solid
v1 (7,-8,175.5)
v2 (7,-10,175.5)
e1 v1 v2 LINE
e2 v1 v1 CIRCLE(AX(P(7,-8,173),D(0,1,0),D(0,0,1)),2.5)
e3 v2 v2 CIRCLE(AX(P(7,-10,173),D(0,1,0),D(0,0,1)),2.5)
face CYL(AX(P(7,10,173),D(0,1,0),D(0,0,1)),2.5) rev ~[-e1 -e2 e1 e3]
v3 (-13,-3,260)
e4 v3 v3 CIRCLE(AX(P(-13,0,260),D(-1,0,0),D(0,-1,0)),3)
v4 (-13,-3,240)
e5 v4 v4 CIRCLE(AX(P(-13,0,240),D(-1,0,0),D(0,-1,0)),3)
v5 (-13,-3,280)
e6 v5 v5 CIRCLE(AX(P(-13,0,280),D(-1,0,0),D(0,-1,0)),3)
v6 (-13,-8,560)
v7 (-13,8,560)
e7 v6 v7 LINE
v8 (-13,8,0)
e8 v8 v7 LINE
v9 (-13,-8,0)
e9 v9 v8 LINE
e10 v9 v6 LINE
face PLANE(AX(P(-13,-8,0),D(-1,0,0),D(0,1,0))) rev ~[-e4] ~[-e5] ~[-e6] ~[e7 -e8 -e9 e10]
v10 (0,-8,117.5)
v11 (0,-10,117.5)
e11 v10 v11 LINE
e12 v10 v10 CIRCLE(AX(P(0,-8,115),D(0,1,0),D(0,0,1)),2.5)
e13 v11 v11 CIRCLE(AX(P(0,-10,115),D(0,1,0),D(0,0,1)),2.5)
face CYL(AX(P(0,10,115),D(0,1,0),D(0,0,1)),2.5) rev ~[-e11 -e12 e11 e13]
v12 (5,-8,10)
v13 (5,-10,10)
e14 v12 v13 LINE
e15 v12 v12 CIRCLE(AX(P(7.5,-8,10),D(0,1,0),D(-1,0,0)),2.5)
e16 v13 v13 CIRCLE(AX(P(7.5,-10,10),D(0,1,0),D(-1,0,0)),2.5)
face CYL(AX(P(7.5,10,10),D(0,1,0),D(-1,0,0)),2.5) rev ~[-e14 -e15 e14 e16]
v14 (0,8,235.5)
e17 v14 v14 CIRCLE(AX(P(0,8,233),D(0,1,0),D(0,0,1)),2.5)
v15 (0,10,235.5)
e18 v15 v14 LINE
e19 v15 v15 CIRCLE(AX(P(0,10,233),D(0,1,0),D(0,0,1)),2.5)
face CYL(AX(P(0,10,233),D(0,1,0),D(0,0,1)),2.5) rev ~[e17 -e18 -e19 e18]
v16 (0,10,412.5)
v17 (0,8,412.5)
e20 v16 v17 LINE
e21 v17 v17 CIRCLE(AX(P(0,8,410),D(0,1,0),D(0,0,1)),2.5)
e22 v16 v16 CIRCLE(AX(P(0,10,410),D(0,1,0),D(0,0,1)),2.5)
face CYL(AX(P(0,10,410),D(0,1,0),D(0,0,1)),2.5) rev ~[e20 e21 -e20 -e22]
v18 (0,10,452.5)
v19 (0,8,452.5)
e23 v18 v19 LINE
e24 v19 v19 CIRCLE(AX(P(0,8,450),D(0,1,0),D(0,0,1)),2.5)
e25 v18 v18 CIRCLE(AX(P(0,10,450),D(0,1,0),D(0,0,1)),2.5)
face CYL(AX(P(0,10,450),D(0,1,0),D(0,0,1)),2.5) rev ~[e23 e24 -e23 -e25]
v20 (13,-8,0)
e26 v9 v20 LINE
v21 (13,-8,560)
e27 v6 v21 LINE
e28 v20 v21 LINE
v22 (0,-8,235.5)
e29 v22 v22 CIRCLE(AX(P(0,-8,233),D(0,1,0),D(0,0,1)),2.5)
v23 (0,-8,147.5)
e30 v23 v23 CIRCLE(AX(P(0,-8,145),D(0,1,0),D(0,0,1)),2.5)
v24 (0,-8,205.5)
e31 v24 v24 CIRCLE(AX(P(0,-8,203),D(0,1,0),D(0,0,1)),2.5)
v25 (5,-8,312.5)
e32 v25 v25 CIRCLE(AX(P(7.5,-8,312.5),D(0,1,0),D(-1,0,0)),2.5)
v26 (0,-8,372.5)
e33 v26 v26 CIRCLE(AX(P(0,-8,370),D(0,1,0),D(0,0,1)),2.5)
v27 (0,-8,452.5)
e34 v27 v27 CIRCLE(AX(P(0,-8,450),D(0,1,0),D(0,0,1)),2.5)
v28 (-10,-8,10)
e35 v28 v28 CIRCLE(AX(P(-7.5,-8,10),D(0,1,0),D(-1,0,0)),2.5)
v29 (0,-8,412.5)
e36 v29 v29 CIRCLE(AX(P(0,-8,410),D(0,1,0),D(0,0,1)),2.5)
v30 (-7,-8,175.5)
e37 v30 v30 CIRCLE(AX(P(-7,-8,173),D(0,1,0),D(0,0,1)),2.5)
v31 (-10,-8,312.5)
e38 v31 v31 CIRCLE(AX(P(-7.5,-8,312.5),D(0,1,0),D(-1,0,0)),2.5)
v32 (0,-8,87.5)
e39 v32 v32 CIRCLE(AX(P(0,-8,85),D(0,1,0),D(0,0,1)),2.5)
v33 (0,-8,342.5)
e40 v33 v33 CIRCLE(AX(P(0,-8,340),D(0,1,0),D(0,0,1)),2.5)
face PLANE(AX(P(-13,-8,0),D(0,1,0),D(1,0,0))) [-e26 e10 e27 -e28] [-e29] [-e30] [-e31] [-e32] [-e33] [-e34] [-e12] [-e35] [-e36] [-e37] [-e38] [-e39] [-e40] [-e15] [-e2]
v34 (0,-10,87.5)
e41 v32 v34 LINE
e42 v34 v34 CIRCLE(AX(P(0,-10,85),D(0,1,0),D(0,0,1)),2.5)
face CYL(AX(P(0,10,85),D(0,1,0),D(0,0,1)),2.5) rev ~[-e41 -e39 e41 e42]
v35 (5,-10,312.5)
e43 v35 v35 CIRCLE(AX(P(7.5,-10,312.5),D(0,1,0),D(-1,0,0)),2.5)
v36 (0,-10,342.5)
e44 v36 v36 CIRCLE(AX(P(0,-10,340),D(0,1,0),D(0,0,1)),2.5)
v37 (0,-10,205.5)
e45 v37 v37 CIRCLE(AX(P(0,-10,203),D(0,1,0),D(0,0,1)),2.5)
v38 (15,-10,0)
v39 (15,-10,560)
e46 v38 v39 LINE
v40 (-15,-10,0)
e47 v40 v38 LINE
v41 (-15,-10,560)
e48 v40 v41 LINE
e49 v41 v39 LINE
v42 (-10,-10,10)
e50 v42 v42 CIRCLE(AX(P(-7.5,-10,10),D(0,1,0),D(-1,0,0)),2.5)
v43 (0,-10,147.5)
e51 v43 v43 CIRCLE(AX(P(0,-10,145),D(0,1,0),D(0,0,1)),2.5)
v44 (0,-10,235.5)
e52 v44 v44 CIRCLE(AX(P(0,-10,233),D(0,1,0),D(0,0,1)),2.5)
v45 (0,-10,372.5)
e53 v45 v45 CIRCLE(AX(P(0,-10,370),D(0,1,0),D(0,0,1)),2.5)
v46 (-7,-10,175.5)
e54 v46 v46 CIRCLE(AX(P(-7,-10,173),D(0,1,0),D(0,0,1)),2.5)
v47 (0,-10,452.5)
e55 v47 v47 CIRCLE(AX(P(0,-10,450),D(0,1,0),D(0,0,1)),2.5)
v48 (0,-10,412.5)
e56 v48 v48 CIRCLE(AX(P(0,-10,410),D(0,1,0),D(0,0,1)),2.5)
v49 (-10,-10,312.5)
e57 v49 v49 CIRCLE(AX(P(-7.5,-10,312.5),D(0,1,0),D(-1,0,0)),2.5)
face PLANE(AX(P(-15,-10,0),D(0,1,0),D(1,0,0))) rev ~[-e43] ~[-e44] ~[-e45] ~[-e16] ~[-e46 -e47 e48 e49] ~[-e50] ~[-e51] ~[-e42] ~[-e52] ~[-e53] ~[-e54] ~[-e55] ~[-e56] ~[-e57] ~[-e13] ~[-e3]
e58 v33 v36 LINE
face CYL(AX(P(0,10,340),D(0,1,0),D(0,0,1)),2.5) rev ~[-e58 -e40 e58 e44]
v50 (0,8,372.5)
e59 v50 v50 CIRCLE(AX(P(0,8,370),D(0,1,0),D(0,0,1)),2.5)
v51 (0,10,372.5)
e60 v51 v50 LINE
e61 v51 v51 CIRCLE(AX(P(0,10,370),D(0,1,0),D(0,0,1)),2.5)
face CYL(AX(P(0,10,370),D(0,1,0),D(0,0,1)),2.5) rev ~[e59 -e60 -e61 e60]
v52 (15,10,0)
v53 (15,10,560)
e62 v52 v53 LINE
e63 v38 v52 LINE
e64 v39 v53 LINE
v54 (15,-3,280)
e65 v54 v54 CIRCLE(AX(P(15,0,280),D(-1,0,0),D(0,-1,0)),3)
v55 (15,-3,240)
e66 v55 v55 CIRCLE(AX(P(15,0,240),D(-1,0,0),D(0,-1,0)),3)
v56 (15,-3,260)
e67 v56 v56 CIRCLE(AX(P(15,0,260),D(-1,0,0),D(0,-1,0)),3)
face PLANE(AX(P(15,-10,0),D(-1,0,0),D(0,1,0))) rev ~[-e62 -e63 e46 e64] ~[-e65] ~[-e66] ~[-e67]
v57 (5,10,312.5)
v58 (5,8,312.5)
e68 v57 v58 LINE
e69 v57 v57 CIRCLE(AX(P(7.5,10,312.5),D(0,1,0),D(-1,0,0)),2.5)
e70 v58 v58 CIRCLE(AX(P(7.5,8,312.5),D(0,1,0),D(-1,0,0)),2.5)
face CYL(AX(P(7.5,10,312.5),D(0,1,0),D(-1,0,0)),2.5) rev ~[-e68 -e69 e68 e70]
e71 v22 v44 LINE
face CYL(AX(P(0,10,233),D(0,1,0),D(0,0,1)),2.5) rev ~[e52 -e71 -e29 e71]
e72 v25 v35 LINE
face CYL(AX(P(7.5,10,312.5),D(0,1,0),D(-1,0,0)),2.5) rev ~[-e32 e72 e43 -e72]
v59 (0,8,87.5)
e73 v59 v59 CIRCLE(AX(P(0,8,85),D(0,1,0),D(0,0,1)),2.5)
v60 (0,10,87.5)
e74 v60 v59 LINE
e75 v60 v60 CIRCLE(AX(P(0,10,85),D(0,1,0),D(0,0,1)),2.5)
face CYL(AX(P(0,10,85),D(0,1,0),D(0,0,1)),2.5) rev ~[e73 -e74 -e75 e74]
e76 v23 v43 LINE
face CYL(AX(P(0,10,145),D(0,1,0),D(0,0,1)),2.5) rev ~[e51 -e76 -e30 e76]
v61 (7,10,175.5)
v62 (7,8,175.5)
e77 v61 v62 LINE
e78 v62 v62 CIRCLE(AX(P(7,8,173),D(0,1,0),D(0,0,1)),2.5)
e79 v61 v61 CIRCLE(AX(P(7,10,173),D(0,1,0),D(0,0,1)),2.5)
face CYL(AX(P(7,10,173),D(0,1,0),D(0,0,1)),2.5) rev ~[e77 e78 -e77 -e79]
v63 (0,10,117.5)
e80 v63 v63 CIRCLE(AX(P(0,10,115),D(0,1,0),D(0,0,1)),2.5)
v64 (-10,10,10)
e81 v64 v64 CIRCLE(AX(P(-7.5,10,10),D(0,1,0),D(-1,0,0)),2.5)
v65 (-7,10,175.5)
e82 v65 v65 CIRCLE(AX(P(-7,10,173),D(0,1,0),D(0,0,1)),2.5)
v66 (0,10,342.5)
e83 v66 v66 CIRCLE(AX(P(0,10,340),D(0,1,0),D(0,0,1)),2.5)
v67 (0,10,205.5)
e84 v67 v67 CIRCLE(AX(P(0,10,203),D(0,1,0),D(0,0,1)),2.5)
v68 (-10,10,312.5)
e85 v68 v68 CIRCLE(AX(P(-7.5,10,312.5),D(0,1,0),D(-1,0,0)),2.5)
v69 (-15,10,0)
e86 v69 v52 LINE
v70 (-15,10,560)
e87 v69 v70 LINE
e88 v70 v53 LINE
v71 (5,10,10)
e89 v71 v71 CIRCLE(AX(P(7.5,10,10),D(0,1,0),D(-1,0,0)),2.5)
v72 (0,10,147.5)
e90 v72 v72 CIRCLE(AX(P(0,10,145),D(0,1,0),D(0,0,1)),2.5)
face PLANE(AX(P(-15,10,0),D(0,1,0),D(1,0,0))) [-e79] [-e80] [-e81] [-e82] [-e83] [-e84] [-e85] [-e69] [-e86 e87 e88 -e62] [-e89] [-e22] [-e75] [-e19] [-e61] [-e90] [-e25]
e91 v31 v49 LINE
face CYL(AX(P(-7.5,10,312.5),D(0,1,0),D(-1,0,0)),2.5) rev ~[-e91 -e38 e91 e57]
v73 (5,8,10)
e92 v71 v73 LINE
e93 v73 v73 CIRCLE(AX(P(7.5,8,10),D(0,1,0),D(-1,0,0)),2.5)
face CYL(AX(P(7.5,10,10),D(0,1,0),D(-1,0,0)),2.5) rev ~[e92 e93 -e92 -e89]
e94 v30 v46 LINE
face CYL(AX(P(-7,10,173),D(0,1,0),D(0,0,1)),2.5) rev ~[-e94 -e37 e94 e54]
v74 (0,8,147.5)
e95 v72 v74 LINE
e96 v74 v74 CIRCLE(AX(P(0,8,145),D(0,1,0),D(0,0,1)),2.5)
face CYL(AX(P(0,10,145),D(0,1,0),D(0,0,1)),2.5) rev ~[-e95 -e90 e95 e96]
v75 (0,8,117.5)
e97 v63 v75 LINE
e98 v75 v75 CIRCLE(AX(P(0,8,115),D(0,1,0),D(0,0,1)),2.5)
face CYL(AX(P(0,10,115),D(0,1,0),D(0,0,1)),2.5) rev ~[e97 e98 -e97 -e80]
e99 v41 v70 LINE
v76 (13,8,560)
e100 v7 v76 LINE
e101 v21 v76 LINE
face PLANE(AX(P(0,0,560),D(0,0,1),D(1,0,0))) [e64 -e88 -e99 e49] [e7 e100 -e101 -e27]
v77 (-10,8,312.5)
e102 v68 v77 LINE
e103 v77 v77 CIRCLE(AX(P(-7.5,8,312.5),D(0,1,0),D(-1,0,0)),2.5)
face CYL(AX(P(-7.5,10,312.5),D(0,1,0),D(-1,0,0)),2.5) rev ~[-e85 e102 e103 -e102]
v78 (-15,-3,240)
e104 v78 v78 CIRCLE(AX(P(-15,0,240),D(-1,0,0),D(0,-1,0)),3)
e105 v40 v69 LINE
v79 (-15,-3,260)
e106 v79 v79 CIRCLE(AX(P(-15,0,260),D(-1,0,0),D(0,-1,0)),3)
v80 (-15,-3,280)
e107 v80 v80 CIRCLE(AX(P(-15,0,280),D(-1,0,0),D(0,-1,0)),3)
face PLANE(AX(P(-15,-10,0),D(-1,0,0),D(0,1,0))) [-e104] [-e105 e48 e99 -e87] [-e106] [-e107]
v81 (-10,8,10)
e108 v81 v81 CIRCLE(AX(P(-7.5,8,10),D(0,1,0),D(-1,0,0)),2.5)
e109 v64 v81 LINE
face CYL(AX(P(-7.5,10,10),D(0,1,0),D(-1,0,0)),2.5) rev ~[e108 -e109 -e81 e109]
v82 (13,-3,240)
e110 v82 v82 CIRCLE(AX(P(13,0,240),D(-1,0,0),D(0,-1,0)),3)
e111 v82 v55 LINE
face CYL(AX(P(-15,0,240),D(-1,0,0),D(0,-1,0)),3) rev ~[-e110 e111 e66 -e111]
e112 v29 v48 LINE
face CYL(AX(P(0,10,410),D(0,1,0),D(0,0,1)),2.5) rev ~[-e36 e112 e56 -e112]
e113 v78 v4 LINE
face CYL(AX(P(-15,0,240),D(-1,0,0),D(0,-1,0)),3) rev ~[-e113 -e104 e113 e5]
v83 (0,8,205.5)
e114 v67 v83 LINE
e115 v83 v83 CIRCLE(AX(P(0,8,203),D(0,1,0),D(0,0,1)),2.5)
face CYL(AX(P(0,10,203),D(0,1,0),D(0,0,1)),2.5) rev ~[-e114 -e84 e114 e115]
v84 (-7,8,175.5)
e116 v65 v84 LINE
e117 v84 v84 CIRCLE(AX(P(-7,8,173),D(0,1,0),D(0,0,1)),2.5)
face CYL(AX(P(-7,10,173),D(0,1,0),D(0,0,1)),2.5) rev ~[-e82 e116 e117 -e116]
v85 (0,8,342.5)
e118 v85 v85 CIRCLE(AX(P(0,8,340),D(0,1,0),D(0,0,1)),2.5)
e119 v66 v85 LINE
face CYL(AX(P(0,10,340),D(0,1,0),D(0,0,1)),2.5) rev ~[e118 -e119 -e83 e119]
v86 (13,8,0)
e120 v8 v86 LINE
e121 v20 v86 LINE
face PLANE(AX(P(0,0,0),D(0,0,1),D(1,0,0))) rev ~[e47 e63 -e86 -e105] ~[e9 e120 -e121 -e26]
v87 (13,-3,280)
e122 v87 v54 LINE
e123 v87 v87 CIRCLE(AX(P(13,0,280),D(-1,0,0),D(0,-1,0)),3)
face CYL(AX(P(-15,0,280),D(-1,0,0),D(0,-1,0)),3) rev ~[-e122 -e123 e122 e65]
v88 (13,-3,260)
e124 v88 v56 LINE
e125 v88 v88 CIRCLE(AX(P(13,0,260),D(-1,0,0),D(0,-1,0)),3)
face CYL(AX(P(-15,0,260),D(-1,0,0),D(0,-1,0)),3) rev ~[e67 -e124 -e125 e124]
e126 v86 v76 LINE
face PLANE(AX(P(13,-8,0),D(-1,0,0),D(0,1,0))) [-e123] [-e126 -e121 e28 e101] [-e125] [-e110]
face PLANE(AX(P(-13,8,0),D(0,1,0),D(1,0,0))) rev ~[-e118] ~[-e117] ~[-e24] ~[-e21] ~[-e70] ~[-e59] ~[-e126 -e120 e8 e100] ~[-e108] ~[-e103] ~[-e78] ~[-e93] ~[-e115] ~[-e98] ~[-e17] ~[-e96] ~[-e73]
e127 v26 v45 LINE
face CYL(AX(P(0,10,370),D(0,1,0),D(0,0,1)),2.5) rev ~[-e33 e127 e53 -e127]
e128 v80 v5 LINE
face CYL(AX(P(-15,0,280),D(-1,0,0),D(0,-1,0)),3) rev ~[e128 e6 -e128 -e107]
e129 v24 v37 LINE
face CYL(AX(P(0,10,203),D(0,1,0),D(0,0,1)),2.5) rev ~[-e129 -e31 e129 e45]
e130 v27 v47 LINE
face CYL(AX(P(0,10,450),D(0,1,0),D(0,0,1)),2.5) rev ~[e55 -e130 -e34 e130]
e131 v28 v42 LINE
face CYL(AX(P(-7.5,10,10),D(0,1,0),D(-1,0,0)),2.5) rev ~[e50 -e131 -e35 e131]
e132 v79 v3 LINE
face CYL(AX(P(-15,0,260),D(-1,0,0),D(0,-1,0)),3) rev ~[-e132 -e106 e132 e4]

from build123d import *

# Parameters (mm, degrees)
SKETCH_1_W          = 30
SKETCH_1_H          = 20
SKETCH_1_W_2        = 26
SKETCH_1_H_2        = 16
EXTRUDE_1_DEPTH     = 560
SKETCH_3_R          = 2.5
CUT_EXTRUDE_2_DEPTH = 561.557757952
SKETCH_4_R          = 2.5
CUT_EXTRUDE_3_DEPTH = 561.557757952
SKETCH_7_R          = 3
CUT_EXTRUDE_5_DEPTH = 30
SKETCH_8_R          = 2.5
CUT_EXTRUDE_6_DEPTH = 30
SKETCH_10_R         = 2.5
CUT_EXTRUDE_7_DEPTH = 30
SKETCH_11_R         = 2.5
CUT_EXTRUDE_8_DEPTH = 30


with BuildPart() as part:
    # 草图1 → 凸台-拉伸1 (new body)
    with BuildSketch(Plane.XY):
        Rectangle(SKETCH_1_W, SKETCH_1_H)
        Rectangle(SKETCH_1_W_2, SKETCH_1_H_2, mode=Mode.SUBTRACT)
    extrude(amount=EXTRUDE_1_DEPTH)

    # 草图3 → 切除-拉伸2 (cut, through all)
    with BuildSketch(Plane(origin=(0, 10, 0), x_dir=(1, 0, 0), z_dir=(0, 1, 0))):
        with Locations(Location((-7.5, -10, 0), (0, 0, 180))):
            Circle(SKETCH_3_R)
        with Locations(Location((7.5, -10, 0), (0, 0, 180))):
            Circle(SKETCH_3_R)
    extrude(amount=-CUT_EXTRUDE_2_DEPTH, mode=Mode.SUBTRACT)

    # 草图4 → 切除-拉伸3 (cut, through all)
    with BuildSketch(Plane(origin=(0, 10, 0), x_dir=(1, 0, 0), z_dir=(0, 1, 0))):
        with Locations(Location((-7.5, -312.5, 0), (0, 0, 180))):
            Circle(SKETCH_4_R)
        with Locations(Location((7.5, -312.5, 0), (0, 0, 180))):
            Circle(SKETCH_4_R)
    extrude(amount=-CUT_EXTRUDE_3_DEPTH, mode=Mode.SUBTRACT)

    # 草图7 → 切除-拉伸5 (cut)
    with BuildSketch(Plane.ZY.offset(15)):
        with Locations(Location((260, 0, 0), (0, 0, 270))):
            Circle(SKETCH_7_R)
        with Locations(Location((280, 0, 0), (0, 0, 270))):
            Circle(SKETCH_7_R)
        with Locations(Location((240, 0, 0), (0, 0, 270))):
            Circle(SKETCH_7_R)
    extrude(amount=-CUT_EXTRUDE_5_DEPTH, mode=Mode.SUBTRACT)

    # 草图8 → 切除-拉伸6 (cut)
    with BuildSketch(Plane(origin=(0, 10, 0), x_dir=(1, 0, 0), z_dir=(0, 1, 0))):
        with Locations(Location((0, -370, 0), (0, 0, 270))):
            Circle(SKETCH_8_R)
        with Locations(Location((0, -450, 0), (0, 0, 270))):
            Circle(SKETCH_8_R)
        with Locations(Location((0, -410, 0), (0, 0, 270))):
            Circle(SKETCH_8_R)
        with Locations(Location((0, -340, 0), (0, 0, 270))):
            Circle(SKETCH_8_R)
    extrude(amount=-CUT_EXTRUDE_6_DEPTH, mode=Mode.SUBTRACT)

    # 草图10 → 切除-拉伸7 (cut)
    with BuildSketch(Plane(origin=(0, 10, 0), x_dir=(1, 0, 0), z_dir=(0, 1, 0))):
        with Locations(Location((-7, -173, 0), (0, 0, 270))):
            Circle(SKETCH_10_R)
        with Locations(Location((7, -173, 0), (0, 0, 270))):
            Circle(SKETCH_10_R)
    extrude(amount=-CUT_EXTRUDE_7_DEPTH, mode=Mode.SUBTRACT)

    # 草图11 → 切除-拉伸8 (cut)
    with BuildSketch(Plane(origin=(0, 10, 0), x_dir=(1, 0, 0), z_dir=(0, 1, 0))):
        with Locations(Location((0, -85, 0), (0, 0, 270))):
            Circle(SKETCH_11_R)
        with Locations(Location((0, -115, 0), (0, 0, 270))):
            Circle(SKETCH_11_R)
        with Locations(Location((0, -203, 0), (0, 0, 270))):
            Circle(SKETCH_11_R)
        with Locations(Location((0, -233, 0), (0, 0, 270))):
            Circle(SKETCH_11_R)
        with Locations(Location((0, -145, 0), (0, 0, 270))):
            Circle(SKETCH_11_R)
    extrude(amount=-CUT_EXTRUDE_8_DEPTH, mode=Mode.SUBTRACT)


solid = part.part
